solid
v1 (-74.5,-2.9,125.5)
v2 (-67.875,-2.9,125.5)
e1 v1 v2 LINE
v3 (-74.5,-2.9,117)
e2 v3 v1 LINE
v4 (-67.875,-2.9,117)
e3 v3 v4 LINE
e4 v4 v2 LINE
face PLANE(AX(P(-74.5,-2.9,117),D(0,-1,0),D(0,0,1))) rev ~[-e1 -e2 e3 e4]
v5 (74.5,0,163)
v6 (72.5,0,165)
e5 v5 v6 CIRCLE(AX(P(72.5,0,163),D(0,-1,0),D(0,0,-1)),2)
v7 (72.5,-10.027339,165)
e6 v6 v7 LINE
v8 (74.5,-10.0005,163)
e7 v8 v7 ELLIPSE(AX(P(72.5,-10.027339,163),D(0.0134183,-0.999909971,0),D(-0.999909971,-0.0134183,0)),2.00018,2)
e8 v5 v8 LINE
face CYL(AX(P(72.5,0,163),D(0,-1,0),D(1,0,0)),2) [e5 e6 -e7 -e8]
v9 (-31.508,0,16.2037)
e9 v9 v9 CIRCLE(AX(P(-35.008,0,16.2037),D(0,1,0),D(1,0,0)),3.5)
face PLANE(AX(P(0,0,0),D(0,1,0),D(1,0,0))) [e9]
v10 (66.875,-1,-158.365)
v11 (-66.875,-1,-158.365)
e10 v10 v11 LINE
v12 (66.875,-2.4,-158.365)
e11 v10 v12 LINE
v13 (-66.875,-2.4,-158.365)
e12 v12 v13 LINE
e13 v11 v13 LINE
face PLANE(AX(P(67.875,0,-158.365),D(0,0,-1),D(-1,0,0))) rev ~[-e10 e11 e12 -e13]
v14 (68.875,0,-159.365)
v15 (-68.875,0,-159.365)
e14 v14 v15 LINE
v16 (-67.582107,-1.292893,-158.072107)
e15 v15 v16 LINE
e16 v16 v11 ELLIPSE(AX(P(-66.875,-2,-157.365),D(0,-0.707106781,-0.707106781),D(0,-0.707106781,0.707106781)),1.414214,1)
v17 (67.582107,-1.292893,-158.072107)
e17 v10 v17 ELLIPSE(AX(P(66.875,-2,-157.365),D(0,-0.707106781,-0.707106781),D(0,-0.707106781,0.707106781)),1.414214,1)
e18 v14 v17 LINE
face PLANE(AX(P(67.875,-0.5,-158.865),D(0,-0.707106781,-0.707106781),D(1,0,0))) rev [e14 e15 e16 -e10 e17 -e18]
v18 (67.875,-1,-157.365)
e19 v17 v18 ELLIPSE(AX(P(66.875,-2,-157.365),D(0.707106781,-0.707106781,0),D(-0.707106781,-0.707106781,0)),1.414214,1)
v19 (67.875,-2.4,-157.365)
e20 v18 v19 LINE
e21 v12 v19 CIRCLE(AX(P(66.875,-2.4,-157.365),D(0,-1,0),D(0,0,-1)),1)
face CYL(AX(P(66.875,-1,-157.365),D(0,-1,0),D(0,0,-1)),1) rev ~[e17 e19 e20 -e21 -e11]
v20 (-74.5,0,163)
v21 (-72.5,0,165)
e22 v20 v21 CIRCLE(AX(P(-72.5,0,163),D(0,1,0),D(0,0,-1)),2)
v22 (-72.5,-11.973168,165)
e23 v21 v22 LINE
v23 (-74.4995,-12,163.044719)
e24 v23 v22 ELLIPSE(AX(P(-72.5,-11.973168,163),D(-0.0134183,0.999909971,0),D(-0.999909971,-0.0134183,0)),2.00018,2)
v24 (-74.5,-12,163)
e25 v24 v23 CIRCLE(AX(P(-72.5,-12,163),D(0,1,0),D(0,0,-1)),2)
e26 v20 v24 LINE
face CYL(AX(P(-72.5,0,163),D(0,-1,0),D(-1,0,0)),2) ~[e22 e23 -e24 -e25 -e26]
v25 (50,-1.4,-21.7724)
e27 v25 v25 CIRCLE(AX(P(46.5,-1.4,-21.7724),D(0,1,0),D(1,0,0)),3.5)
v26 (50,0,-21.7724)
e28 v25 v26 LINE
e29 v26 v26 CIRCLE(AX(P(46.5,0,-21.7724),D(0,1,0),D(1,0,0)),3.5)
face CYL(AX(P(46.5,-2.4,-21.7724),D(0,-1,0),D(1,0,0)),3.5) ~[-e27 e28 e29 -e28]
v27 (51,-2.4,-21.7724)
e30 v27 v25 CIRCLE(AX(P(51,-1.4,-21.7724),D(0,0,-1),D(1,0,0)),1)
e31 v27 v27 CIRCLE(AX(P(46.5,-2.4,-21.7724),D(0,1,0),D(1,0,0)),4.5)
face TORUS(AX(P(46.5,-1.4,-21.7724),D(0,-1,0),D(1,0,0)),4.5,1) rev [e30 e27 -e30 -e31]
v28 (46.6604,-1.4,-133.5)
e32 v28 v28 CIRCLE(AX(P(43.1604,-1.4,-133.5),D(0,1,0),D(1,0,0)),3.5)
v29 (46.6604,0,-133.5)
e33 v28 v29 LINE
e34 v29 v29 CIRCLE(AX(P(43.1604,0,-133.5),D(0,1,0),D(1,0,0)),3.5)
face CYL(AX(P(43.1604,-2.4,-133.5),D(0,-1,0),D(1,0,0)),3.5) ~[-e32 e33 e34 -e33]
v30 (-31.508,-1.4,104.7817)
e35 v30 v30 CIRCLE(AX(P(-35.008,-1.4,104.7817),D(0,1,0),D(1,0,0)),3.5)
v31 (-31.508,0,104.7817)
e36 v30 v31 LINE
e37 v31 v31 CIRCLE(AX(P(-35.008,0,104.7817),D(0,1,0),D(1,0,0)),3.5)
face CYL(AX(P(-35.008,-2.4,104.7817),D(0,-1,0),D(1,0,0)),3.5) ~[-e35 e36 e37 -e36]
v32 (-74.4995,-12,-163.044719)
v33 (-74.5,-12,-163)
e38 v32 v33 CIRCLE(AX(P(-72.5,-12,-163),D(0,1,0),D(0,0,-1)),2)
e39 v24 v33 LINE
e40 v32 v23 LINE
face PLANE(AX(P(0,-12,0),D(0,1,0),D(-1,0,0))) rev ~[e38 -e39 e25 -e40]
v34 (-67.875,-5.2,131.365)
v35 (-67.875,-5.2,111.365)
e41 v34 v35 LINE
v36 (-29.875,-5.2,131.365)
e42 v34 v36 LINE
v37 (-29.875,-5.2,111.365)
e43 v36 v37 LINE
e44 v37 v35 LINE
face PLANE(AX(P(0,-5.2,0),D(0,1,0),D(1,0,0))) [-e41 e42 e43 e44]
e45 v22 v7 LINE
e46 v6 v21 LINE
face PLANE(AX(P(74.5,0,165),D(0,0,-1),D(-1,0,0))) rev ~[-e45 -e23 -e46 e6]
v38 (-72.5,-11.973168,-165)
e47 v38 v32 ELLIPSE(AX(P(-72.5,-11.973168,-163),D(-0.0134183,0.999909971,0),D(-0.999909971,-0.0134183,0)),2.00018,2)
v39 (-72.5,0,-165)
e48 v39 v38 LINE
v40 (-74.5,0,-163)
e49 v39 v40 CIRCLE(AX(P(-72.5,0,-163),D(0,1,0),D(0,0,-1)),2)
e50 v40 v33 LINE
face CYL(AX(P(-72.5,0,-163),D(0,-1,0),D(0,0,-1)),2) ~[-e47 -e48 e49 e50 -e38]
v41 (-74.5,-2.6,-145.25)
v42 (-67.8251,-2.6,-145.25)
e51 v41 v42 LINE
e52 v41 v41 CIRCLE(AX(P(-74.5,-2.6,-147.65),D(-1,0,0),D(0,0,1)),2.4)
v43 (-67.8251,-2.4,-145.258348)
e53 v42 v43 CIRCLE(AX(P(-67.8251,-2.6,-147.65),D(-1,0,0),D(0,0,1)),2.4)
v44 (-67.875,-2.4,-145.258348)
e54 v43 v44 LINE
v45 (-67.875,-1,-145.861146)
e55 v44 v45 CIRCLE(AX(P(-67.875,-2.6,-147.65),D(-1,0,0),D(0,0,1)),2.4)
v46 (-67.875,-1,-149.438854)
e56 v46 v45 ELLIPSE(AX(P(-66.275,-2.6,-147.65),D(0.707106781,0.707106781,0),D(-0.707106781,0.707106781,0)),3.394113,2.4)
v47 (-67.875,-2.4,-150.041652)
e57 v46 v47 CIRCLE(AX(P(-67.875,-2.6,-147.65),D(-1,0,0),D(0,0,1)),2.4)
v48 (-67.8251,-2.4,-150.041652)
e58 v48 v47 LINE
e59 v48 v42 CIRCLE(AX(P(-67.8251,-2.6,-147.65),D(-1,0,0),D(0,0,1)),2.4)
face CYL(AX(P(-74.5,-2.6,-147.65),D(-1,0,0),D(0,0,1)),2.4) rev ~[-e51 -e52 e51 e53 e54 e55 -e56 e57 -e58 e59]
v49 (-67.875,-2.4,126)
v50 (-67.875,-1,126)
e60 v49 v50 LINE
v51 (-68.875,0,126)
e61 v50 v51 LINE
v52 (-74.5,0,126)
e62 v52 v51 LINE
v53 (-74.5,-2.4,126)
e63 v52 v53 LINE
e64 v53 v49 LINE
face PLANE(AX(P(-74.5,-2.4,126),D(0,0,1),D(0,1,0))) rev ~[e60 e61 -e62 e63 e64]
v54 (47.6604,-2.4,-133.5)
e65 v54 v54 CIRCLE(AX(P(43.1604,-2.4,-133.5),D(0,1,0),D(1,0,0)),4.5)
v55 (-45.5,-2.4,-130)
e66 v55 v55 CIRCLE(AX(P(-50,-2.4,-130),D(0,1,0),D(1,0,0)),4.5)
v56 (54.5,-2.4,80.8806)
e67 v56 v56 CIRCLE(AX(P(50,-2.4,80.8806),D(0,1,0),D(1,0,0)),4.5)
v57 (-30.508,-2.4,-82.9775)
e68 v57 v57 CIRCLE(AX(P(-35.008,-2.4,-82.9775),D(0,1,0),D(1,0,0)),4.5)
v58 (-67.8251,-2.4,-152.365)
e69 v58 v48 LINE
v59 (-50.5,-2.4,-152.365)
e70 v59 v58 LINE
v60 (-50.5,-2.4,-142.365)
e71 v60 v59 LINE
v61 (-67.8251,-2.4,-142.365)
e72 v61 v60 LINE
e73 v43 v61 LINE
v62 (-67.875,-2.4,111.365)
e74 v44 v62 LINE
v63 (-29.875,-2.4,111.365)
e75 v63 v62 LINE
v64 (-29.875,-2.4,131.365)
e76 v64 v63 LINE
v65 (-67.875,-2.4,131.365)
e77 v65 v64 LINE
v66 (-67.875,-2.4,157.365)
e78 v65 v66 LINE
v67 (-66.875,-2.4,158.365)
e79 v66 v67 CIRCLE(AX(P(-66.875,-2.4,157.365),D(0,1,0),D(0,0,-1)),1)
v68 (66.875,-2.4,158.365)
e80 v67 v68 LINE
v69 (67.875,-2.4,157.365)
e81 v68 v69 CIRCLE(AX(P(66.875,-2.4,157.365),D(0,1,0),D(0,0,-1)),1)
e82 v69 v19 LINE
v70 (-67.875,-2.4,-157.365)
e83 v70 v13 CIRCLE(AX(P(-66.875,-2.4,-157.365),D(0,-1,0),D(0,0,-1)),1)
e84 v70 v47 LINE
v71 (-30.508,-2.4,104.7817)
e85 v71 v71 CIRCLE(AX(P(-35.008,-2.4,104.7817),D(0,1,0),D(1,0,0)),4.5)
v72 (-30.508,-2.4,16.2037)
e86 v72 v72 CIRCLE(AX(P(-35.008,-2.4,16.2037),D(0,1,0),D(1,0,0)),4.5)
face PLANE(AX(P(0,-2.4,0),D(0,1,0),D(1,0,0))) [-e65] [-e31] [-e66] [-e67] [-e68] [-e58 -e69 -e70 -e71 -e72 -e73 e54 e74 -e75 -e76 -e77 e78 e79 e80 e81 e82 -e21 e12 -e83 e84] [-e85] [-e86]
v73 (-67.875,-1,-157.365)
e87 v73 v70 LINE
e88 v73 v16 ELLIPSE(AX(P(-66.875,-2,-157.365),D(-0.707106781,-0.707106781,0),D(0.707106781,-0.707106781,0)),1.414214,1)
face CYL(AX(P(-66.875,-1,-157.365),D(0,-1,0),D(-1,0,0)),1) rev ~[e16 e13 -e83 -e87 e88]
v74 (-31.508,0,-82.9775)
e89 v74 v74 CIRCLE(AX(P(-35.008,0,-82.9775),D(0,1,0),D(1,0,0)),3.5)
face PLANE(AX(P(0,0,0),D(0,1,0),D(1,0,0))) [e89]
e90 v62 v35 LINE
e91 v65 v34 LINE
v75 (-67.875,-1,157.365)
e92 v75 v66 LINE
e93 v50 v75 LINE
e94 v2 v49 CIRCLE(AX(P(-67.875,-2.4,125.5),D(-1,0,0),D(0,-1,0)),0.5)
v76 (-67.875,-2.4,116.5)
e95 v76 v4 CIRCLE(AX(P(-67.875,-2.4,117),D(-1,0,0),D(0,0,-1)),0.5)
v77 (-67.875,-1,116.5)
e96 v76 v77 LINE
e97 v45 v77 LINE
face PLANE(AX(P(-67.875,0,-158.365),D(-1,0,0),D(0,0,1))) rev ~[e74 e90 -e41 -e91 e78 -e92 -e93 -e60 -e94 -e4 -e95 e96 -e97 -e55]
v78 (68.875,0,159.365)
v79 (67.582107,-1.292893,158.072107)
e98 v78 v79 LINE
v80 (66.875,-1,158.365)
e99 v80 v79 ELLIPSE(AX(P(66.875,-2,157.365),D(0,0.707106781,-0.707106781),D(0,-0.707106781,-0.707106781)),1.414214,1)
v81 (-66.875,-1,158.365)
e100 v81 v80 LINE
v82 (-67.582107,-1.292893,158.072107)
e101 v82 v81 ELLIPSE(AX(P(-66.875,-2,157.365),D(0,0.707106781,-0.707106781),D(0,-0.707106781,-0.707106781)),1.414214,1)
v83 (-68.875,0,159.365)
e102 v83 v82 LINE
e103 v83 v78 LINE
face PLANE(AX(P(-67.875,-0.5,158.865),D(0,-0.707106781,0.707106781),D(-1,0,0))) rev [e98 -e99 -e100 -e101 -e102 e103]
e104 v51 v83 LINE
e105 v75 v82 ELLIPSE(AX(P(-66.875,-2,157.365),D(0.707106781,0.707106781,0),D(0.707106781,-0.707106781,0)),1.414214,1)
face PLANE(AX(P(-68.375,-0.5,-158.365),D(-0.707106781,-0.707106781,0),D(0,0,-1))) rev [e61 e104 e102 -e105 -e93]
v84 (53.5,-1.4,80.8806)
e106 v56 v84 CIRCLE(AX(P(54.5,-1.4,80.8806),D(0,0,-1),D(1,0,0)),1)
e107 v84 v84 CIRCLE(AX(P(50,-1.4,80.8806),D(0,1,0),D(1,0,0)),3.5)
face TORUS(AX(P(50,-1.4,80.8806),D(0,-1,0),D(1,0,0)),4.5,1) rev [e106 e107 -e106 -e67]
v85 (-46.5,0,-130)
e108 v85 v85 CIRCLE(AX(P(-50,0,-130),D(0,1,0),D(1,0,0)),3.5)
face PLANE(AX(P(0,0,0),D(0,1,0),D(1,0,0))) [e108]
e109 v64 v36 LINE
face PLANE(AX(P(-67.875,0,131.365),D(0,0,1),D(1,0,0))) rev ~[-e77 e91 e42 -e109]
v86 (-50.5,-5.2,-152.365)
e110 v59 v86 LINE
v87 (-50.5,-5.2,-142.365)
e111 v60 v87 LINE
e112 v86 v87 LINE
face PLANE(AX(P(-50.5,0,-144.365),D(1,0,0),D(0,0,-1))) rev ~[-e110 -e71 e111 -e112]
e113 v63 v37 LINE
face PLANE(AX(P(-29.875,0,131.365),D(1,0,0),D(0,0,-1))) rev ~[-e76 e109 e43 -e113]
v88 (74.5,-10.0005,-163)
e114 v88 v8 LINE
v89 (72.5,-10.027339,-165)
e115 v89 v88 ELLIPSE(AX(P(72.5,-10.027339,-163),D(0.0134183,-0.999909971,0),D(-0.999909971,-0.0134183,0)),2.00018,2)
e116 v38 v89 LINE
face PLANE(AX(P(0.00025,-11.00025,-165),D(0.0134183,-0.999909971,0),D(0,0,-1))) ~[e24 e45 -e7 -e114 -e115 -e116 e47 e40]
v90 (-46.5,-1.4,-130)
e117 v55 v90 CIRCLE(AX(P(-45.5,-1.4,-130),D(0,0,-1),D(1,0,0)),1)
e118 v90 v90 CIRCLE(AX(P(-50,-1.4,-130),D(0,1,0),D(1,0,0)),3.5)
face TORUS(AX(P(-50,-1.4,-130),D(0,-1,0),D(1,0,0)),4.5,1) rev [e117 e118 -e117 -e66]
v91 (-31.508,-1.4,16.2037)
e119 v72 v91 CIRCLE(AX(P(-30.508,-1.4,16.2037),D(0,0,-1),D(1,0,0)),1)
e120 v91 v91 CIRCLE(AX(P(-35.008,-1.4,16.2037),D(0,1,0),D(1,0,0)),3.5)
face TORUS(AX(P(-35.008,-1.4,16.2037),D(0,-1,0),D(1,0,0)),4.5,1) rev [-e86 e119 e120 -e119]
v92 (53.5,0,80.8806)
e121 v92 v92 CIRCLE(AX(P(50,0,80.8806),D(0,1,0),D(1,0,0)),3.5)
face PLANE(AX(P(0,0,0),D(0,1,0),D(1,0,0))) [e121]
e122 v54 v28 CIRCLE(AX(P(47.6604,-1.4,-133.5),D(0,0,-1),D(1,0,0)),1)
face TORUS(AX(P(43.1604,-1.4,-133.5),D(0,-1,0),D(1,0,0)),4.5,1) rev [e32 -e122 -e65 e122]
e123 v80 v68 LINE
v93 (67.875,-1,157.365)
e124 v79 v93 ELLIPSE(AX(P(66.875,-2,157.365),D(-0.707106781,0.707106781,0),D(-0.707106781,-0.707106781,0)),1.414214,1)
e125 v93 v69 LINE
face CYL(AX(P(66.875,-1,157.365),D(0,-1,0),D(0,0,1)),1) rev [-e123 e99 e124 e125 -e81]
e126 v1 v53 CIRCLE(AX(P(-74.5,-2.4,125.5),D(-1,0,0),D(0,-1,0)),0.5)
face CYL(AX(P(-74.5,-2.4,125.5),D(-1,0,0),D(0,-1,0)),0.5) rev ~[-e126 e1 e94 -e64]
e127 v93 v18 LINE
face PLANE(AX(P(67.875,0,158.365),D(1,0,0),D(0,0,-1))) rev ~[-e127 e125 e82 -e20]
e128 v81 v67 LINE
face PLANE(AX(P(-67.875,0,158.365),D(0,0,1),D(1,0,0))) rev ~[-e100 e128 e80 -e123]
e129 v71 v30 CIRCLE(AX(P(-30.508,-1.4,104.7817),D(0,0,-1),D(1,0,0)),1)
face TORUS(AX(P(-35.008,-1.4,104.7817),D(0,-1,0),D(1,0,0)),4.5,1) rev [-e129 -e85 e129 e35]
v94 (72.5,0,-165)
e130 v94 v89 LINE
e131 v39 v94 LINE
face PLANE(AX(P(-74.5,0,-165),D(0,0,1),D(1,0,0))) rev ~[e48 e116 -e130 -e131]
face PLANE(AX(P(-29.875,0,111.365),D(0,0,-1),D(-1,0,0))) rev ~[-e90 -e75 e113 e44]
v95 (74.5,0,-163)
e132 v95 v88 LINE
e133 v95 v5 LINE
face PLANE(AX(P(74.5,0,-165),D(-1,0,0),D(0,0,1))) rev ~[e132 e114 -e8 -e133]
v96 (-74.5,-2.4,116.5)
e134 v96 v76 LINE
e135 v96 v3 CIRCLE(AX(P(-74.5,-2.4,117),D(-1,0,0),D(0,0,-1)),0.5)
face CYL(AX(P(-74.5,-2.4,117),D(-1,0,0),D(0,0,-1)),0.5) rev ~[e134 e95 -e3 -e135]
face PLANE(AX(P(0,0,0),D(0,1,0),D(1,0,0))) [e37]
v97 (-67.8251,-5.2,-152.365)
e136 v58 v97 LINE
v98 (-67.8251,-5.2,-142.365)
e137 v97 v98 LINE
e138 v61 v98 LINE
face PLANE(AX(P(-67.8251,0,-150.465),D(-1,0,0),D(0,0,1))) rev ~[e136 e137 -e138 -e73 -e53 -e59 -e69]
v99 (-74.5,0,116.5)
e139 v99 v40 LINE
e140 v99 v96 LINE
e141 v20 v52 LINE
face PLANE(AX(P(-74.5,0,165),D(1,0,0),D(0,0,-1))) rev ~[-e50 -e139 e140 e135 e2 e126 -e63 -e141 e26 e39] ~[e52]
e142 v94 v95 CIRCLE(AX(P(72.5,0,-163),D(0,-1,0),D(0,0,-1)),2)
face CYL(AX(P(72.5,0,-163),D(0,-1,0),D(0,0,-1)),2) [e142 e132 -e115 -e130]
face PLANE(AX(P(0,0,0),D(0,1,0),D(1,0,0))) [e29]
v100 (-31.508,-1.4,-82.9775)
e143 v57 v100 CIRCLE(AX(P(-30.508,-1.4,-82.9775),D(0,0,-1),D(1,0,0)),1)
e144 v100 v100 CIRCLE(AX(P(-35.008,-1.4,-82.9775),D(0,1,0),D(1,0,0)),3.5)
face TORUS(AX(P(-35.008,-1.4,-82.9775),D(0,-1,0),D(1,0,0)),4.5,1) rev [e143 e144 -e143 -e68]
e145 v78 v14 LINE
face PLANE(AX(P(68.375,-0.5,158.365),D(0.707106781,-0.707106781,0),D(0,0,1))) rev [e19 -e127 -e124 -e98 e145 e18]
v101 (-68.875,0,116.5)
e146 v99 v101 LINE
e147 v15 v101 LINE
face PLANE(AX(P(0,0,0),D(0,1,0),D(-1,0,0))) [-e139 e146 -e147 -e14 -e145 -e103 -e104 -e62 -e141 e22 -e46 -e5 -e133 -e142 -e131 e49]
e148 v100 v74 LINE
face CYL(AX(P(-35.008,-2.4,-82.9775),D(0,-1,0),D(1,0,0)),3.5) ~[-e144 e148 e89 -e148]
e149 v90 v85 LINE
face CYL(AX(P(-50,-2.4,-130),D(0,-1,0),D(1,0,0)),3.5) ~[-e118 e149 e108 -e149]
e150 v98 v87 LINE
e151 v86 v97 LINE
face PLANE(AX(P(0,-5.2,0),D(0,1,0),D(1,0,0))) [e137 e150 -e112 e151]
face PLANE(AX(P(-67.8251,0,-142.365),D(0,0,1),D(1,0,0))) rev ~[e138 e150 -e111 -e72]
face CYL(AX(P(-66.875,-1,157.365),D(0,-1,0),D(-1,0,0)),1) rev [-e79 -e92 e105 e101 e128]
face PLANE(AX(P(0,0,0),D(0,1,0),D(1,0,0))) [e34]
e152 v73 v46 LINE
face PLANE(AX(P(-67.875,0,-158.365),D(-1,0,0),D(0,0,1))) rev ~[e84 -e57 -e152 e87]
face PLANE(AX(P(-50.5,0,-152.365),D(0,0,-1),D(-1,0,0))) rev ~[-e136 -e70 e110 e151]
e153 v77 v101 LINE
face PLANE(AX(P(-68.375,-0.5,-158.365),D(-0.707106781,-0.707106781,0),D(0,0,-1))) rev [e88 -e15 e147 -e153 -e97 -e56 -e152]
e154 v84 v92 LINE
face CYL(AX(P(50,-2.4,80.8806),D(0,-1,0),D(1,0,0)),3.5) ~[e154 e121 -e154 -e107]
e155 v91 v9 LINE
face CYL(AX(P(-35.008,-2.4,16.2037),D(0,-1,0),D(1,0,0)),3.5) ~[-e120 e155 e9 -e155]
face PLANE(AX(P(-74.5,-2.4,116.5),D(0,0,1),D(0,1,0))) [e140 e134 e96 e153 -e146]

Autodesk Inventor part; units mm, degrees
ref_plane "YZ Plane" through (0, 0, 0) normal (1, 0, 0) x (0, 1, 0)
ref_plane "XZ Plane" through (0, 0, 0) normal (0, 1, 0) x (-1, 0, 0)
ref_plane "XY Plane" through (0, 0, 0) normal (0, 0, 1) x (1, 0, 0)
sketch "Sketch1" plane through (0, 0, 0) normal (0, 1, 0) x (-1, 0, 0)
  line L0 (-67.875, 158.365) -> (67.875, 158.365)
  line L1 (67.875, 158.365) -> (67.875, -158.365)
  line L2 (67.875, -158.365) -> (-67.875, -158.365)
  line L3 (-67.875, -158.365) -> (-67.875, 158.365)
  line L4 (-67.875, 158.365) -> (67.875, -158.365) construction
  line L5 (67.875, 158.365) -> (-67.875, -158.365) construction
  line L6 (-74.5, 165) -> (74.5, 165)
  line L7 (74.5, 165) -> (74.5, -165)
  line L8 (74.5, -165) -> (-74.5, -165)
  line L9 (-74.5, -165) -> (-74.5, 165)
  line L10 (-74.5, 165) -> (74.5, -165) construction
  line L11 (74.5, 165) -> (-74.5, -165) construction
  point P0 (0, 0)
  dimension "d0" = 135.75
  dimension "d1" = 316.73
  dimension "d2" = 149
  dimension "d3" = 330
extrude "Extrusion1" add sketch "Sketch1" against normal blind 12 contours L0 L1 L2 L3 | L6 L7 L8 L9
sketch "Sketch2" plane through (0, 0, 0) normal (0, 1, 0) x (1, 0, 0)
  line L0 (-74.5, -165) -> (-74.5, 165) projected
  line L1 (-74.5, 165) -> (74.5, 165) projected
  line L2 (74.5, 165) -> (74.5, -165) projected
  line L3 (74.5, -165) -> (-74.5, -165) projected
  point P0 (0, 0)
sketch "Sketch3" plane through (0, 0, 0) normal (0, 1, 0) x (1, 0, 0)
  line L0 (-67.875, -158.365) -> (67.875, -158.365)
  line L1 (67.875, -158.365) -> (67.875, 158.365)
  line L2 (67.875, 158.365) -> (-67.875, 158.365)
  line L3 (-67.875, 158.365) -> (-67.875, -158.365)
  line L4 (-67.875, -158.365) -> (67.875, 158.365) construction
  line L5 (67.875, -158.365) -> (-67.875, 158.365) construction
  point P0 (0, 0)
  dimension "d6" = 135.75
  dimension "d7" = 316.73
extrude "Extrusion2" cut sketch "Sketch3" against normal blind 2.4
chamfer "Chamfer1" distance 1 angle 45 4 edges at (-67.875, 0, 0) (0, 0, -158.365) (67.875, 0, 0) (0, 0, 158.365)
fillet "Fillet1" radius 1 4 edges at (-67.875, -1.7, -158.365) (67.875, -1.7, -158.365) (67.875, -1.7, 158.365) (-67.875, -1.7, 158.365)
sketch "Sketch5" plane through (0, -2.4, 0) normal (0, 1, 0) x (1, 0, 0)
  circle A0 centre (-35.008, -104.7817) radius 3.5
  circle A1 centre (43.1604, 133.5) radius 3.5
  circle A2 centre (50, -80.8806) radius 3.5
  circle A3 centre (-50, 130) radius 3.5
  circle A4 centre (-35.008, -16.2037) radius 3.5
  circle A5 centre (46.5, 21.7724) radius 3.5
  circle A6 centre (-35.008, 82.9775) radius 3.5
  point P0 (0, 0)
  dimension "d14" = 7
  dimension "d15" = 7
  dimension "d16" = 7
  dimension "d17" = 7
  dimension "d18" = 7
  dimension "d19" = 7
  dimension "d44" = 7
extrude "Extrusion3" add sketch "Sketch5" along normal blind 2.4
fillet "Fillet2" radius 1 7 edges at (-38.508, -2.4, 104.7817) (46.5, -2.4, 80.8806) (-38.508, -2.4, 16.2037) (43, -2.4, -21.7724) (39.6604, -2.4, -133.5) (-53.5, -2.4, -130) (-38.508, -2.4, -82.9775)
sketch "Sketch6" plane through (0, 0, 0) normal (0, 1, 0) x (1, 0, 0)
  line L0 (-74.5, -165) -> (-74.5, 165) projected
  line L1 (-74.5, 144.365) -> (-50.5, 144.365)
  line L2 (-50.5, 144.365) -> (-50.5, 150.465)
  line L3 (-50.5, 150.465) -> (-74.5, 150.465)
  line L4 (-74.5, 150.465) -> (-74.5, 144.365)
  line L5 (74.5, 165) -> (-74.5, 165) projected
  line L6 (-67.8251, 144.365) -> (-50.5, 144.365)
  line L7 (-50.5, 144.365) -> (-50.5, 152.365)
  line L8 (-50.5, 152.365) -> (-67.8251, 152.365)
  line L9 (-67.8251, 152.365) -> (-67.8251, 144.365)
  line L10 (-50.5, 152.365) -> (-67.8251, 152.365)
  line L11 (-67.8251, 152.365) -> (-67.8251, 142.365)
  line L12 (-67.8251, 142.365) -> (-50.5, 142.365)
  line L13 (-50.5, 142.365) -> (-50.5, 152.365)
  line L14 (-67.875, -157.365) -> (-67.875, 157.365) projected
  line L15 (-67.875, -131.365) -> (-29.875, -131.365)
  line L16 (-29.875, -131.365) -> (-29.875, -111.365)
  line L17 (-29.875, -111.365) -> (-67.875, -111.365)
  line L18 (-67.875, -111.365) -> (-67.875, -131.365)
  line L19 (66.875, -158.365) -> (-66.875, -158.365) projected
  line L20 (-66.875, 158.365) -> (66.875, 158.365) projected
  point P0 (0, 0)
  point P1 (-67.8251, 150.465)
  point P2 (-48.875, -131.365)
  dimension "d26" = 6.1
  dimension "d27" = 24
  dimension "d28" = 8
  dimension "d29" = 10
  dimension "d40" = 20
  dimension "d41" = 27
  dimension "d42" = 38
  dimension "d43" = 6
extrude "Extrusion4" cut sketch "Sketch6" against normal blind 5.2 contours L17 L16 L15 L14 | L9 L3 L2 L1 | L1 L13 L12 L11 | L9 L8 L7 L3
sketch "Sketch7" plane through (-74.5, 0, -165) normal (-1, 0, 0) x (0, 0, 1)
  line L0 (330, -12) -> (0, -12) projected
  line L1 (0, -12) -> (14.3, -12)
  line L2 (14.3, -12) -> (14.3, -5.6744)
  line L3 (14.3, -5.6744) -> (0, -5.6744)
  line L4 (0, -5.6744) -> (0, -12)
  line L5 (5.635, 0) -> (324.365, 0) projected
  line L6 (14.3, -12) -> (20.4, -12)
  line L7 (20.4, -12) -> (20.4, 0)
  line L8 (20.4, 0) -> (14.3, 0)
  line L9 (14.3, 0) -> (14.3, -12)
  circle A0 centre (17.35, -2.6) radius 2.4
  line L10 (330, 0) -> (330, -12) projected
  line L11 (330, -12) -> (291, -12)
  line L12 (291, -12) -> (291, -0.5)
  line L13 (291, 0) -> (330, 0)
  line L14 (330, 0) -> (330, -12)
  line L15 (291, -12) -> (281.5, -12)
  line L16 (281.5, -12) -> (281.5, -0.5)
  line L17 (282, 0) -> (290.5, 0)
  line L18 (291, 0) -> (291, -12)
  line L19 (291, 0) -> (281.5, 0)
  line L20 (281.5, 0) -> (281.5, -2.4)
  line L21 (282, -2.9) -> (290.5, -2.9)
  line L22 (291, -2.4) -> (291, 0)
  arc A1 (290.5, -2.9) -> (291, -2.4) centre (290.5, -2.4) ccw
  arc A2 (291, -0.5) -> (290.5, 0) centre (290.5, -0.5) ccw
  arc A3 (281.5, -2.4) -> (282, -2.9) centre (282, -2.4) ccw
  arc A4 (282, 0) -> (281.5, -0.5) centre (282, -0.5) ccw
  point P0 (165, 0)
  point P1 (17.35, -12)
  point P2 (281.5, -12)
  point P3 (291, -12)
  point P4 (281.5, -2.9)
  point P5 (291, -3)
  point P6 (281.5, -2.4)
  point P7 (281.5, -0.5)
  point P8 (281.5, -0.5)
  dimension "d30" = 14.3
  dimension "d31" = 6.1
  dimension "d34" = 9.4
  dimension "d35" = 4.8
  dimension "d36" = 39
  dimension "d37" = 9.5
  dimension "d38" = 9.1
  dimension "d39" = 0.5
extrude "Extrusion5" cut sketch "Sketch7" against normal up to surface contours A1 L21 A3 L16 A4 L5 A2 L12 | A2 L5 L18 | L20 L5 A4 | A0 surface through (-68.375, -0.5, 79.1825) normal (0.7071, 0.7071, 0)
chamfer "Chamfer2" distance 149 distance2 2 1 edges at (74.5, -12, 0) measured on face at (24.8333, -12, 55)
fillet "Fillet3" radius 2 4 edges at (-74.5, -6, 165) (74.5, -5.0003, 165) (74.5, -5.0003, -165) (-74.5, -6, -165)
properties part number "Keyboard_Tray"
